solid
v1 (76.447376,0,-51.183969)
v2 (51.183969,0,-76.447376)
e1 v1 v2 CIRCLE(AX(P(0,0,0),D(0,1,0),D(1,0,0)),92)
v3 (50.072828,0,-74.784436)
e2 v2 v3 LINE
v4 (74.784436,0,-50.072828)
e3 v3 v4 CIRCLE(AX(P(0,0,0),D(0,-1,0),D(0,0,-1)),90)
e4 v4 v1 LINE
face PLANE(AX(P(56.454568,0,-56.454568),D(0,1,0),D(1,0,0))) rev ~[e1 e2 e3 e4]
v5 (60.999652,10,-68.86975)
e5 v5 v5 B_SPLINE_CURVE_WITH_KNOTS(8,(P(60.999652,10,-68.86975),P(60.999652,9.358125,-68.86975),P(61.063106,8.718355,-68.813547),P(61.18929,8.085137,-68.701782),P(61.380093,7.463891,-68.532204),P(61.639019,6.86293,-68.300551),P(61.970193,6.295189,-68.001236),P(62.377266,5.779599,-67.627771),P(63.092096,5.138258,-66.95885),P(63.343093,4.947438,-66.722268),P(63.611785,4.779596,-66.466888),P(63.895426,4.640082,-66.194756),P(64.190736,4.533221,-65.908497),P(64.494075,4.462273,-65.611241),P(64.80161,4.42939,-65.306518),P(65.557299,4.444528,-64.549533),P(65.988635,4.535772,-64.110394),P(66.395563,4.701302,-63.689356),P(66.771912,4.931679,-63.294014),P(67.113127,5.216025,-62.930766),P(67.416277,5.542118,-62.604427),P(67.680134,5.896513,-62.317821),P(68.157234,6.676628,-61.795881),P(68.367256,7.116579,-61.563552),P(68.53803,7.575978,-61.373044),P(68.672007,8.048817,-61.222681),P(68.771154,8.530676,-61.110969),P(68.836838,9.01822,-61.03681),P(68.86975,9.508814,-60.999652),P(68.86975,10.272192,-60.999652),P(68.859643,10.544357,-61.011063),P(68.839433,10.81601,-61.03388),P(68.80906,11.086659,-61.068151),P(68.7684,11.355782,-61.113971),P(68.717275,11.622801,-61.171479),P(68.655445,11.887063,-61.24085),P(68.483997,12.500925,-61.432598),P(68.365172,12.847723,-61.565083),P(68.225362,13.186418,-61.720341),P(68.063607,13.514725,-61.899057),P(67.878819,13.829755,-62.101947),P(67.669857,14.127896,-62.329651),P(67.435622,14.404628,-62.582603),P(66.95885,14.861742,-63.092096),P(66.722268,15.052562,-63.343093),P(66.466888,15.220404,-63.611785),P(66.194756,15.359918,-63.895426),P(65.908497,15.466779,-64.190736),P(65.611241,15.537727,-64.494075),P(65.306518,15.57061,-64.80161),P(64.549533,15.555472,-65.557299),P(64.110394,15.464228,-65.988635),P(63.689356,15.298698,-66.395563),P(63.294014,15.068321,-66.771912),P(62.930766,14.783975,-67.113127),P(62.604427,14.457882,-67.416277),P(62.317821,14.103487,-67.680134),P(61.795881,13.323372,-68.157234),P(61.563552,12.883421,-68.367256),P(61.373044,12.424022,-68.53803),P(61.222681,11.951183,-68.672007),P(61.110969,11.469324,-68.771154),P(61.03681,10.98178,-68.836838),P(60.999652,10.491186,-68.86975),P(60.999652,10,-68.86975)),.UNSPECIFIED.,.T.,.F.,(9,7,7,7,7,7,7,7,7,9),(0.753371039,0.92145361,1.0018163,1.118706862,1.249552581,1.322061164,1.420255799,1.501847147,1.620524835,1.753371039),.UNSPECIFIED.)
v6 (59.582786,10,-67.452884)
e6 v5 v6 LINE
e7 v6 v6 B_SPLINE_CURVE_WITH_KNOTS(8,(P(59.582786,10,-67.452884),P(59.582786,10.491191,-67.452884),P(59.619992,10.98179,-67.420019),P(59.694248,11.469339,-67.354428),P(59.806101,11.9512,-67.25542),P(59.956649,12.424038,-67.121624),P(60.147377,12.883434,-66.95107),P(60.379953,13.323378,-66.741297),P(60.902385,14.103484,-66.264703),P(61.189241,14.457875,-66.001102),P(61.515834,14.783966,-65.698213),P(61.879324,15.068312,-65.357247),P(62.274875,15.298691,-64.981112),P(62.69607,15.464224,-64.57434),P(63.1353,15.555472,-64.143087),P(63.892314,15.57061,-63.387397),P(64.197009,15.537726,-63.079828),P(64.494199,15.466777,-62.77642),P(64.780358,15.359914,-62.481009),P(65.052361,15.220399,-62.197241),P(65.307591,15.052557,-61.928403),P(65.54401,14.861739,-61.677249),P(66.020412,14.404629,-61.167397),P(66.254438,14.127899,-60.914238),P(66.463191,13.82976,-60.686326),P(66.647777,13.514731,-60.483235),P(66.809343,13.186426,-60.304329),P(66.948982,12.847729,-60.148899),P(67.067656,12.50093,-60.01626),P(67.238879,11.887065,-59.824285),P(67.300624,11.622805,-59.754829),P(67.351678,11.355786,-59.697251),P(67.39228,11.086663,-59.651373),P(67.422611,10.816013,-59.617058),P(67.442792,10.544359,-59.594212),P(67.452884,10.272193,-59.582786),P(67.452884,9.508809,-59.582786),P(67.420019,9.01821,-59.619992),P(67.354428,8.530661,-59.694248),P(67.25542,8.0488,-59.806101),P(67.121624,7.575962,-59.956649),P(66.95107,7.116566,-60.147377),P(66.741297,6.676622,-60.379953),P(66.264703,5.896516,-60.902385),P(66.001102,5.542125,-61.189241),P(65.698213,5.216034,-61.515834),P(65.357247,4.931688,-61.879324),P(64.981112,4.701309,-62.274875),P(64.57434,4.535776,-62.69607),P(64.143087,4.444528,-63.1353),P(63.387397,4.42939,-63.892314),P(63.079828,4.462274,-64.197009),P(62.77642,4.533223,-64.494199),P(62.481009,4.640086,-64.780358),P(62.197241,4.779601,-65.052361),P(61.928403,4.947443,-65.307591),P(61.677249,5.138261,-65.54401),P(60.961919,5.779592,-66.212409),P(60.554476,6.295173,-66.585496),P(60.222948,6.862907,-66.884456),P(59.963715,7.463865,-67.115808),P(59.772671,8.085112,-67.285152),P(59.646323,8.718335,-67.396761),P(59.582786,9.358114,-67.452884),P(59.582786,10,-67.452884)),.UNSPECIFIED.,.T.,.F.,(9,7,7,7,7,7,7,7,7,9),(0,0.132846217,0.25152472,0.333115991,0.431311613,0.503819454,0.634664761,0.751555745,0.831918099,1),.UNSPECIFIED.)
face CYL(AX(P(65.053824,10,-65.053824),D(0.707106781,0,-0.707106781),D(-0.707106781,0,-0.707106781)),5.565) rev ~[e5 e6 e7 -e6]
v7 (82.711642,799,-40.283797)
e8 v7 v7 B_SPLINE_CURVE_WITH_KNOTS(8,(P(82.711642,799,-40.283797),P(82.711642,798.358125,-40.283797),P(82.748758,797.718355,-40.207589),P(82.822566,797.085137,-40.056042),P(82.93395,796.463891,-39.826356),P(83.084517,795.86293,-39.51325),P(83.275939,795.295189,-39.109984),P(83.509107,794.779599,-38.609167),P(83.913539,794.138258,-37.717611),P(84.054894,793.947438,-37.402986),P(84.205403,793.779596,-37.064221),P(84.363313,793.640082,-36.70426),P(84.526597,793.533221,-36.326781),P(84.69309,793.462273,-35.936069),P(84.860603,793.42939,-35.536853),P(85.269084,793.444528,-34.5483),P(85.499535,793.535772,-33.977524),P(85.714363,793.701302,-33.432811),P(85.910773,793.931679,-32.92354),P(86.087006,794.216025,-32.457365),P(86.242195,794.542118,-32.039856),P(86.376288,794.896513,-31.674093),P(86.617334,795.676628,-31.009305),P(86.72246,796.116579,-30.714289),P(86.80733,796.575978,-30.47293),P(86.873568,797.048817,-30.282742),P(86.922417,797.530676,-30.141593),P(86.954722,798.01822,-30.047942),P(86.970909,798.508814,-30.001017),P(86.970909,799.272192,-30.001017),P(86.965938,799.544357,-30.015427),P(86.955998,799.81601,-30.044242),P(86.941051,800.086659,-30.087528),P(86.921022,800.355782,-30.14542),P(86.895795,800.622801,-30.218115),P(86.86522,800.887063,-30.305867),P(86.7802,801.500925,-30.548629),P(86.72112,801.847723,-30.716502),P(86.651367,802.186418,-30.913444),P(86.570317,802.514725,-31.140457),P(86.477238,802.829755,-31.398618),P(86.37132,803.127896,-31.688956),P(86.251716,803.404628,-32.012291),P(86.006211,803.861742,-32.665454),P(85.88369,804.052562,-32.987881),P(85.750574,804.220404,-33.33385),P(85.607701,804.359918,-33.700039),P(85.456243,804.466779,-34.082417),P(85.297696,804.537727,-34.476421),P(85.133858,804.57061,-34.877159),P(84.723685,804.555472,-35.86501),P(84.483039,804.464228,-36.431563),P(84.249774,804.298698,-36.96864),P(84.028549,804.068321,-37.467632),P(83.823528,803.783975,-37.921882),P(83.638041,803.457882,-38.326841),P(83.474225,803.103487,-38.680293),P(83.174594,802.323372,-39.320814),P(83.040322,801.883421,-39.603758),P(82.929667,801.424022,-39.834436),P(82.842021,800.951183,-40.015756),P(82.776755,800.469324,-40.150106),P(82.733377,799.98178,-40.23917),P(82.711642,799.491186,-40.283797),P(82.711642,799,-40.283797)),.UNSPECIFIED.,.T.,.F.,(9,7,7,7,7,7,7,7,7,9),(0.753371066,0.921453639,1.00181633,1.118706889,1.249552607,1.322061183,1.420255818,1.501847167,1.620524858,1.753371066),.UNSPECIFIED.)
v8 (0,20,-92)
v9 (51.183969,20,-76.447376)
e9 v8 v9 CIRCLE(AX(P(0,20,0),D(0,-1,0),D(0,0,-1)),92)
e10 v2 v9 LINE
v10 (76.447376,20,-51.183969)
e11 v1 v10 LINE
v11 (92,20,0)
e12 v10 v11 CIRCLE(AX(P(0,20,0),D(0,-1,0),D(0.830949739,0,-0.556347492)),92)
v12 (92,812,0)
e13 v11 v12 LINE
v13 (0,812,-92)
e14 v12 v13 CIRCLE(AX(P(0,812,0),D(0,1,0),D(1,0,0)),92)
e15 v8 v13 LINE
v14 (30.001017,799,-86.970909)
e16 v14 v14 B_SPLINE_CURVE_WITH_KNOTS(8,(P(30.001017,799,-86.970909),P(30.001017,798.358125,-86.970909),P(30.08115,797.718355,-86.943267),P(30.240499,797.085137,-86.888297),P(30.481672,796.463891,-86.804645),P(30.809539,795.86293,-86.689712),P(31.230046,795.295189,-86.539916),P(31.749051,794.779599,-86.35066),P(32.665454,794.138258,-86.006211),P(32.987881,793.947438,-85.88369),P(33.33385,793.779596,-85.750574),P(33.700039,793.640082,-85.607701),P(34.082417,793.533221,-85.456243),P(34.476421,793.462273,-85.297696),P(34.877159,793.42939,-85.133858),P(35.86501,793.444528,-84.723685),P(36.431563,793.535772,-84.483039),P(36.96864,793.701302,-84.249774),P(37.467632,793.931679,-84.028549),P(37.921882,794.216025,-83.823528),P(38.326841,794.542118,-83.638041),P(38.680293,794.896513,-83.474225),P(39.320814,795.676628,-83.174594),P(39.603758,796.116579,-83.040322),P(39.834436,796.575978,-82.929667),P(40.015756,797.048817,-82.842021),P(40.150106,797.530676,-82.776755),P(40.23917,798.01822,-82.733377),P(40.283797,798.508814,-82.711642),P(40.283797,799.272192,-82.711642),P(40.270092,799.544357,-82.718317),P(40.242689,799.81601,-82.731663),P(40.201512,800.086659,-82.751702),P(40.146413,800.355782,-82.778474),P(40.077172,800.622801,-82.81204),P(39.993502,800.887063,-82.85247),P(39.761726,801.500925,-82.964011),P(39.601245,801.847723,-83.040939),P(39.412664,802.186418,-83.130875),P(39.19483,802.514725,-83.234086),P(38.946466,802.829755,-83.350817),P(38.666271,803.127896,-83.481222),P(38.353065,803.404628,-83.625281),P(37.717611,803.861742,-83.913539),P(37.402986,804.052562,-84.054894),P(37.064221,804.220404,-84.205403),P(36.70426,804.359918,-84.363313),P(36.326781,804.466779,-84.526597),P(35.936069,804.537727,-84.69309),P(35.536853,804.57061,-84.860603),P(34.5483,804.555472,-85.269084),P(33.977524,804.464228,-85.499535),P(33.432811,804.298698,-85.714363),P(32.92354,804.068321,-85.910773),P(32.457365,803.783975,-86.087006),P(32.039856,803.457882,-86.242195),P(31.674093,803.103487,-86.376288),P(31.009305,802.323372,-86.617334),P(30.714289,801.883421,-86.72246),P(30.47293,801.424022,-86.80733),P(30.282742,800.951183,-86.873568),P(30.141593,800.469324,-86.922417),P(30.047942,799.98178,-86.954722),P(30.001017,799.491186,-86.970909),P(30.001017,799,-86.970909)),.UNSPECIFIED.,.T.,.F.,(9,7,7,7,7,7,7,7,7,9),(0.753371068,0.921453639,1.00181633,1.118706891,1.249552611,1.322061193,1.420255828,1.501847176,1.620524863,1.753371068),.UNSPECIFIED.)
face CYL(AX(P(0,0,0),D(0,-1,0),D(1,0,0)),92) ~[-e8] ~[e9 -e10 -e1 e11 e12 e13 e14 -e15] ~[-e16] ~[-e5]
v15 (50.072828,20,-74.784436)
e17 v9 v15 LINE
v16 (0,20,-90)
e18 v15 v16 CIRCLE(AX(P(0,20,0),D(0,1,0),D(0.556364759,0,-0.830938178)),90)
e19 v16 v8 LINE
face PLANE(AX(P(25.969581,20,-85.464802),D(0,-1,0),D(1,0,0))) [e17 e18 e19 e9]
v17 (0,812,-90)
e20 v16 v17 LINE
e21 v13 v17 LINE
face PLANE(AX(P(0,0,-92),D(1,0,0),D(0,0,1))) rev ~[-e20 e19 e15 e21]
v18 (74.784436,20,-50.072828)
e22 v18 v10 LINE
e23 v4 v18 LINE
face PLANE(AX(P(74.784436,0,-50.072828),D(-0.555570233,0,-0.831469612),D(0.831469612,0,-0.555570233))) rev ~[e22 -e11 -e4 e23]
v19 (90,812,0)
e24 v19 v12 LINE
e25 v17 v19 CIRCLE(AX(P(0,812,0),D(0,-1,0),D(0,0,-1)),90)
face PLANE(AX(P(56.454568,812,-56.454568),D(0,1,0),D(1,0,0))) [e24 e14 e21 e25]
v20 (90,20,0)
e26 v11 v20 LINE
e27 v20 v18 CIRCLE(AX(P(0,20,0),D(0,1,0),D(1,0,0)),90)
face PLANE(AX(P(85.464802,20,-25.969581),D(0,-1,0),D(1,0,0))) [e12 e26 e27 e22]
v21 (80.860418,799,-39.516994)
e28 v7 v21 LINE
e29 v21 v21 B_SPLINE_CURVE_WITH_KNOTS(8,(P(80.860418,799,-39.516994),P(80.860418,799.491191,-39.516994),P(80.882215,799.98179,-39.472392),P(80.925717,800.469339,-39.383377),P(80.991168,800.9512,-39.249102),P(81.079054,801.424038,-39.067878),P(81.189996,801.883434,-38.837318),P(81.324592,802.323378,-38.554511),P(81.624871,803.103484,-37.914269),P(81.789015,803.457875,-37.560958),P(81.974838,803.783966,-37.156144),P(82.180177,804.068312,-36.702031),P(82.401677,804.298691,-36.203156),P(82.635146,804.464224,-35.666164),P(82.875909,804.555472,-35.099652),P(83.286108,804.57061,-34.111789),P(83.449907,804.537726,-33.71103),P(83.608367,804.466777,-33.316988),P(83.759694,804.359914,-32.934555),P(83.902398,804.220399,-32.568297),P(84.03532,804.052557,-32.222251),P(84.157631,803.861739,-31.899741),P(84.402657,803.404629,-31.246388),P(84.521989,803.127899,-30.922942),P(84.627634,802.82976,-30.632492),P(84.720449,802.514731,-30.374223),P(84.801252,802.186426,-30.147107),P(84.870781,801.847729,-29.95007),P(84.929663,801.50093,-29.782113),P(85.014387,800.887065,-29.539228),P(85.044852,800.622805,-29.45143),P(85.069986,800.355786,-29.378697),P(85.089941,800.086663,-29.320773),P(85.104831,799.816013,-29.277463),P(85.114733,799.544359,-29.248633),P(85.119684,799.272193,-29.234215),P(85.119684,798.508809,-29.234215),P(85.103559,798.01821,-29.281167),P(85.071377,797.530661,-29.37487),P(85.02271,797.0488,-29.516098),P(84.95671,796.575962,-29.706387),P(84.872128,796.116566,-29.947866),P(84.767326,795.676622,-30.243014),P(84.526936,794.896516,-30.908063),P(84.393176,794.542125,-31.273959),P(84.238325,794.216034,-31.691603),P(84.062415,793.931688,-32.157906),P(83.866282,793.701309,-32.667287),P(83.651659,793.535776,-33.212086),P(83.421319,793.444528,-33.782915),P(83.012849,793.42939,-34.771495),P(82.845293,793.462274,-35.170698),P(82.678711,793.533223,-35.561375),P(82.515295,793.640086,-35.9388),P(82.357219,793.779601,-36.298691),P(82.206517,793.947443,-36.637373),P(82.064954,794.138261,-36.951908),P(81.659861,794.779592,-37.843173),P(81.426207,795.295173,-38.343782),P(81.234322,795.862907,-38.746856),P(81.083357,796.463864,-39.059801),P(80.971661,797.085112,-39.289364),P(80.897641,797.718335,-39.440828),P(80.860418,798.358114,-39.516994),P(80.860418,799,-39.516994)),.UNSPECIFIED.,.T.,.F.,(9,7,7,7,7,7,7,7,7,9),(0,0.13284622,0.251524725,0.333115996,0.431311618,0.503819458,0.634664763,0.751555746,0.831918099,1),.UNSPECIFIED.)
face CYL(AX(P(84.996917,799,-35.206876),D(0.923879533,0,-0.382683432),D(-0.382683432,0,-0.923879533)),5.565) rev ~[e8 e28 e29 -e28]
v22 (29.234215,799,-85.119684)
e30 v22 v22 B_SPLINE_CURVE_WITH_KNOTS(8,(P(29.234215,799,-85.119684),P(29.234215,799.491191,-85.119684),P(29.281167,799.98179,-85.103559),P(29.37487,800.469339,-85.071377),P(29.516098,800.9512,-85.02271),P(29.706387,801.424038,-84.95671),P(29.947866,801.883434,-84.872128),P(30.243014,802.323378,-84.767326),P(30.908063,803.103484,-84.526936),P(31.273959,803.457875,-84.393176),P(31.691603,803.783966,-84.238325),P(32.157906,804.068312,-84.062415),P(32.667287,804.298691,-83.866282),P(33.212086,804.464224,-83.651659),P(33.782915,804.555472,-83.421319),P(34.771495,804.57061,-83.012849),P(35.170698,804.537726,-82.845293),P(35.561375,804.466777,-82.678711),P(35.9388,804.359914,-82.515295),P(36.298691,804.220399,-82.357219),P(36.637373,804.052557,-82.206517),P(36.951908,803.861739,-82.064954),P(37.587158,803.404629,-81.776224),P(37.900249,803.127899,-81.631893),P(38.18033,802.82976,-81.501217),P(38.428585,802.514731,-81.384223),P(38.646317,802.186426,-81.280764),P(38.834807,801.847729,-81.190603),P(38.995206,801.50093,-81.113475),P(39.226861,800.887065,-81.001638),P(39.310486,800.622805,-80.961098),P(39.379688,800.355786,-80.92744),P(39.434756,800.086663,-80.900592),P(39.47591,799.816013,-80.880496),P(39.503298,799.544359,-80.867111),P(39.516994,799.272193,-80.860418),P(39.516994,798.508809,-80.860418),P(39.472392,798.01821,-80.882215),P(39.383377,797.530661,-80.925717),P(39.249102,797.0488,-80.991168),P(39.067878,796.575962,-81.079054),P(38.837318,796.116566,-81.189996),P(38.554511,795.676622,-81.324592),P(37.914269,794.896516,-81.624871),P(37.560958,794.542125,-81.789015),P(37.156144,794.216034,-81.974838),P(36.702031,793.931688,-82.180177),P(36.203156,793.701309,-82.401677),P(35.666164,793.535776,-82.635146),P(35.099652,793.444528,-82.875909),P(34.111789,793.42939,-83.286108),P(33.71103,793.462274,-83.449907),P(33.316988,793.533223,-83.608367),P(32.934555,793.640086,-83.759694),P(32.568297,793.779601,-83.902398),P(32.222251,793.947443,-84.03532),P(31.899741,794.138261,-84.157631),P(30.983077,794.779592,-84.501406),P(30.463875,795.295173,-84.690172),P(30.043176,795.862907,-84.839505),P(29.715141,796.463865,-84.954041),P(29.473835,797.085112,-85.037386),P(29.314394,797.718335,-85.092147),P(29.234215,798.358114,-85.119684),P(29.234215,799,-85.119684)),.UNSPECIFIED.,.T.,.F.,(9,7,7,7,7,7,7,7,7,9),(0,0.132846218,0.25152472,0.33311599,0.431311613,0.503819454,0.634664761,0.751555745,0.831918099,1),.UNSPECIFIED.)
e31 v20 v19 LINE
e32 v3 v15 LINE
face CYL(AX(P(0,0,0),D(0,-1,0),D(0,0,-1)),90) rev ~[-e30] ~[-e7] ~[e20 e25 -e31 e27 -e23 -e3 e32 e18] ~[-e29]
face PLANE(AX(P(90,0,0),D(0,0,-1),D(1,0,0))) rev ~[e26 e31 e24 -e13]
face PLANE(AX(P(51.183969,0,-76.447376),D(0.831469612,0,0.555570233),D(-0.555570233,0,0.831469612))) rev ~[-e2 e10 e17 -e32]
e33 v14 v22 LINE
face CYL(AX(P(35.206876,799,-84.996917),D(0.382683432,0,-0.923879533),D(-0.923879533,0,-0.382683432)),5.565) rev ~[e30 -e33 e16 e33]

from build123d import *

# Parameters (mm, degrees)
BOSS_EXTRUDE1_DEPTH     = 812
CUT_EXTRUDE4_REACH      = 819.195
CUT_EXTRUDE4_END_RADIUS = 90
SKETCH6_R               = 5.565
CUT_EXTRUDE2_REACH      = 820.409
CUT_EXTRUDE2_END_RADIUS = 90
SKETCH3_R               = 5.565
CUT_EXTRUDE3_REACH      = 820.409
CUT_EXTRUDE3_END_RADIUS = 90
SKETCH5_R               = 5.565
LPATTERN2_COUNT         = 2
LPATTERN2_PITCH         = 789
CUT_EXTRUDE5_DEPTH      = 20


with BuildPart() as part:
    # Sketch1 → Boss-Extrude1 (new body)
    with BuildSketch(Plane(origin=(0, 0, 0), x_dir=(1, 0, 0), z_dir=(0, 1, 0))):
        with BuildLine():
            Line((0, 92), (0, 90))
            ThreePointArc((0, 90), (63.639610307, 63.639610307), (90, 0))
            Line((90, 0), (92, 0))
            ThreePointArc((92, 0), (65.053823869, 65.053823869), (0, 92))
        make_face()
    extrude(amount=BOSS_EXTRUDE1_DEPTH)

    # Cut-Extrude4: up to this cylinder (the profile starts outside it)
    cut_extrude4_end = Plane(origin=(0, 10, 0), z_dir=(0, -1, 0)) * Cylinder(CUT_EXTRUDE4_END_RADIUS, 1819.39, mode=Mode.PRIVATE)
    # Sketch6 → Cut-Extrude4 (cut, up to the surface)
    with BuildSketch(Plane(origin=(65.053823869, 0, -65.053823869), x_dir=(-0.7071067811865486, 0, -0.7071067811865465), z_dir=(0.7071067811865465, 0, -0.7071067811865486)), mode=Mode.PRIVATE) as cut_extrude4_sk1:
        with Locations((0, 10)):
            Circle(SKETCH6_R)
    cut_extrude4_tool1 = extrude(cut_extrude4_sk1.sketch, amount=-CUT_EXTRUDE4_REACH, mode=Mode.PRIVATE) - cut_extrude4_end
    add(cut_extrude4_tool1.solids().sort_by_distance((65.053824, 10, -65.053824))[0], mode=Mode.SUBTRACT)

    # Cut-Extrude2: up to this cylinder (the profile starts outside it)
    cut_extrude2_end = Plane(origin=(0, 10, 0), z_dir=(0, -1, 0)) * Cylinder(CUT_EXTRUDE2_END_RADIUS, 1821.818, mode=Mode.PRIVATE)
    # Sketch3 → Cut-Extrude2 (cut, up to the surface)
    with BuildSketch(Plane(origin=(84.996916991, 0, -35.206875778), x_dir=(-0.38268343236509045, 0, -0.9238795325112865), z_dir=(0.9238795325112865, 0, -0.38268343236509045)), mode=Mode.PRIVATE) as cut_extrude2_sk1:
        with Locations((0, 10)):
            Circle(SKETCH3_R)
    cut_extrude2_tool1 = extrude(cut_extrude2_sk1.sketch, amount=-CUT_EXTRUDE2_REACH, mode=Mode.PRIVATE) - cut_extrude2_end
    cut_extrude2 = cut_extrude2_tool1.solids().sort_by_distance((84.996917, 10, -35.206876))[0]
    add(cut_extrude2, mode=Mode.SUBTRACT)

    # Cut-Extrude3: up to this cylinder (the profile starts outside it)
    cut_extrude3_end = Plane(origin=(0, 10, 0), z_dir=(0, -1, 0)) * Cylinder(CUT_EXTRUDE3_END_RADIUS, 1821.818, mode=Mode.PRIVATE)
    # Sketch5 → Cut-Extrude3 (cut, up to the surface)
    with BuildSketch(Plane(origin=(35.206875778, 0, -84.996916991), x_dir=(-0.9238795325112878, 0, -0.3826834323650876), z_dir=(0.3826834323650876, 0, -0.9238795325112878)), mode=Mode.PRIVATE) as cut_extrude3_sk1:
        with Locations((0, 10)):
            Circle(SKETCH5_R)
    cut_extrude3_tool1 = extrude(cut_extrude3_sk1.sketch, amount=-CUT_EXTRUDE3_REACH, mode=Mode.PRIVATE) - cut_extrude3_end
    cut_extrude3 = cut_extrude3_tool1.solids().sort_by_distance((35.206876, 10, -84.996917))[0]
    add(cut_extrude3, mode=Mode.SUBTRACT)

    # LPattern2: Cut-Extrude2, Cut-Extrude3 ×2
    with Locations(*[(0, i * LPATTERN2_PITCH, 0) for i in range(1, LPATTERN2_COUNT)]):
        add(cut_extrude2, mode=Mode.SUBTRACT)
        add(cut_extrude3, mode=Mode.SUBTRACT)

    # Sketch7 → Cut-Extrude5 (cut)
    with BuildSketch(Plane.XZ):
        with BuildLine():
            ThreePointArc((90, 0), (86.112133982, -26.166780106), (74.784435976, -50.072828318))
            Line((74.784435976, -50.072828318), (76.447375943, -51.183969281))
            ThreePointArc((76.447375943, -51.183969281), (88.026014867, -26.747349525), (92, 0))
            Line((92, 0), (90, 0))
        make_face()
        with BuildLine():
            Line((51.183969281, -76.447375943), (50.072828318, -74.784435976))
            ThreePointArc((50.072828318, -74.784435976), (26.166780106, -86.112133982), (0, -90))
            Line((0, -90), (0, -92))
            ThreePointArc((0, -92), (26.747349525, -88.026014867), (51.183969281, -76.447375943))
        make_face()
    extrude(amount=-CUT_EXTRUDE5_DEPTH, mode=Mode.SUBTRACT)


solid = part.part
